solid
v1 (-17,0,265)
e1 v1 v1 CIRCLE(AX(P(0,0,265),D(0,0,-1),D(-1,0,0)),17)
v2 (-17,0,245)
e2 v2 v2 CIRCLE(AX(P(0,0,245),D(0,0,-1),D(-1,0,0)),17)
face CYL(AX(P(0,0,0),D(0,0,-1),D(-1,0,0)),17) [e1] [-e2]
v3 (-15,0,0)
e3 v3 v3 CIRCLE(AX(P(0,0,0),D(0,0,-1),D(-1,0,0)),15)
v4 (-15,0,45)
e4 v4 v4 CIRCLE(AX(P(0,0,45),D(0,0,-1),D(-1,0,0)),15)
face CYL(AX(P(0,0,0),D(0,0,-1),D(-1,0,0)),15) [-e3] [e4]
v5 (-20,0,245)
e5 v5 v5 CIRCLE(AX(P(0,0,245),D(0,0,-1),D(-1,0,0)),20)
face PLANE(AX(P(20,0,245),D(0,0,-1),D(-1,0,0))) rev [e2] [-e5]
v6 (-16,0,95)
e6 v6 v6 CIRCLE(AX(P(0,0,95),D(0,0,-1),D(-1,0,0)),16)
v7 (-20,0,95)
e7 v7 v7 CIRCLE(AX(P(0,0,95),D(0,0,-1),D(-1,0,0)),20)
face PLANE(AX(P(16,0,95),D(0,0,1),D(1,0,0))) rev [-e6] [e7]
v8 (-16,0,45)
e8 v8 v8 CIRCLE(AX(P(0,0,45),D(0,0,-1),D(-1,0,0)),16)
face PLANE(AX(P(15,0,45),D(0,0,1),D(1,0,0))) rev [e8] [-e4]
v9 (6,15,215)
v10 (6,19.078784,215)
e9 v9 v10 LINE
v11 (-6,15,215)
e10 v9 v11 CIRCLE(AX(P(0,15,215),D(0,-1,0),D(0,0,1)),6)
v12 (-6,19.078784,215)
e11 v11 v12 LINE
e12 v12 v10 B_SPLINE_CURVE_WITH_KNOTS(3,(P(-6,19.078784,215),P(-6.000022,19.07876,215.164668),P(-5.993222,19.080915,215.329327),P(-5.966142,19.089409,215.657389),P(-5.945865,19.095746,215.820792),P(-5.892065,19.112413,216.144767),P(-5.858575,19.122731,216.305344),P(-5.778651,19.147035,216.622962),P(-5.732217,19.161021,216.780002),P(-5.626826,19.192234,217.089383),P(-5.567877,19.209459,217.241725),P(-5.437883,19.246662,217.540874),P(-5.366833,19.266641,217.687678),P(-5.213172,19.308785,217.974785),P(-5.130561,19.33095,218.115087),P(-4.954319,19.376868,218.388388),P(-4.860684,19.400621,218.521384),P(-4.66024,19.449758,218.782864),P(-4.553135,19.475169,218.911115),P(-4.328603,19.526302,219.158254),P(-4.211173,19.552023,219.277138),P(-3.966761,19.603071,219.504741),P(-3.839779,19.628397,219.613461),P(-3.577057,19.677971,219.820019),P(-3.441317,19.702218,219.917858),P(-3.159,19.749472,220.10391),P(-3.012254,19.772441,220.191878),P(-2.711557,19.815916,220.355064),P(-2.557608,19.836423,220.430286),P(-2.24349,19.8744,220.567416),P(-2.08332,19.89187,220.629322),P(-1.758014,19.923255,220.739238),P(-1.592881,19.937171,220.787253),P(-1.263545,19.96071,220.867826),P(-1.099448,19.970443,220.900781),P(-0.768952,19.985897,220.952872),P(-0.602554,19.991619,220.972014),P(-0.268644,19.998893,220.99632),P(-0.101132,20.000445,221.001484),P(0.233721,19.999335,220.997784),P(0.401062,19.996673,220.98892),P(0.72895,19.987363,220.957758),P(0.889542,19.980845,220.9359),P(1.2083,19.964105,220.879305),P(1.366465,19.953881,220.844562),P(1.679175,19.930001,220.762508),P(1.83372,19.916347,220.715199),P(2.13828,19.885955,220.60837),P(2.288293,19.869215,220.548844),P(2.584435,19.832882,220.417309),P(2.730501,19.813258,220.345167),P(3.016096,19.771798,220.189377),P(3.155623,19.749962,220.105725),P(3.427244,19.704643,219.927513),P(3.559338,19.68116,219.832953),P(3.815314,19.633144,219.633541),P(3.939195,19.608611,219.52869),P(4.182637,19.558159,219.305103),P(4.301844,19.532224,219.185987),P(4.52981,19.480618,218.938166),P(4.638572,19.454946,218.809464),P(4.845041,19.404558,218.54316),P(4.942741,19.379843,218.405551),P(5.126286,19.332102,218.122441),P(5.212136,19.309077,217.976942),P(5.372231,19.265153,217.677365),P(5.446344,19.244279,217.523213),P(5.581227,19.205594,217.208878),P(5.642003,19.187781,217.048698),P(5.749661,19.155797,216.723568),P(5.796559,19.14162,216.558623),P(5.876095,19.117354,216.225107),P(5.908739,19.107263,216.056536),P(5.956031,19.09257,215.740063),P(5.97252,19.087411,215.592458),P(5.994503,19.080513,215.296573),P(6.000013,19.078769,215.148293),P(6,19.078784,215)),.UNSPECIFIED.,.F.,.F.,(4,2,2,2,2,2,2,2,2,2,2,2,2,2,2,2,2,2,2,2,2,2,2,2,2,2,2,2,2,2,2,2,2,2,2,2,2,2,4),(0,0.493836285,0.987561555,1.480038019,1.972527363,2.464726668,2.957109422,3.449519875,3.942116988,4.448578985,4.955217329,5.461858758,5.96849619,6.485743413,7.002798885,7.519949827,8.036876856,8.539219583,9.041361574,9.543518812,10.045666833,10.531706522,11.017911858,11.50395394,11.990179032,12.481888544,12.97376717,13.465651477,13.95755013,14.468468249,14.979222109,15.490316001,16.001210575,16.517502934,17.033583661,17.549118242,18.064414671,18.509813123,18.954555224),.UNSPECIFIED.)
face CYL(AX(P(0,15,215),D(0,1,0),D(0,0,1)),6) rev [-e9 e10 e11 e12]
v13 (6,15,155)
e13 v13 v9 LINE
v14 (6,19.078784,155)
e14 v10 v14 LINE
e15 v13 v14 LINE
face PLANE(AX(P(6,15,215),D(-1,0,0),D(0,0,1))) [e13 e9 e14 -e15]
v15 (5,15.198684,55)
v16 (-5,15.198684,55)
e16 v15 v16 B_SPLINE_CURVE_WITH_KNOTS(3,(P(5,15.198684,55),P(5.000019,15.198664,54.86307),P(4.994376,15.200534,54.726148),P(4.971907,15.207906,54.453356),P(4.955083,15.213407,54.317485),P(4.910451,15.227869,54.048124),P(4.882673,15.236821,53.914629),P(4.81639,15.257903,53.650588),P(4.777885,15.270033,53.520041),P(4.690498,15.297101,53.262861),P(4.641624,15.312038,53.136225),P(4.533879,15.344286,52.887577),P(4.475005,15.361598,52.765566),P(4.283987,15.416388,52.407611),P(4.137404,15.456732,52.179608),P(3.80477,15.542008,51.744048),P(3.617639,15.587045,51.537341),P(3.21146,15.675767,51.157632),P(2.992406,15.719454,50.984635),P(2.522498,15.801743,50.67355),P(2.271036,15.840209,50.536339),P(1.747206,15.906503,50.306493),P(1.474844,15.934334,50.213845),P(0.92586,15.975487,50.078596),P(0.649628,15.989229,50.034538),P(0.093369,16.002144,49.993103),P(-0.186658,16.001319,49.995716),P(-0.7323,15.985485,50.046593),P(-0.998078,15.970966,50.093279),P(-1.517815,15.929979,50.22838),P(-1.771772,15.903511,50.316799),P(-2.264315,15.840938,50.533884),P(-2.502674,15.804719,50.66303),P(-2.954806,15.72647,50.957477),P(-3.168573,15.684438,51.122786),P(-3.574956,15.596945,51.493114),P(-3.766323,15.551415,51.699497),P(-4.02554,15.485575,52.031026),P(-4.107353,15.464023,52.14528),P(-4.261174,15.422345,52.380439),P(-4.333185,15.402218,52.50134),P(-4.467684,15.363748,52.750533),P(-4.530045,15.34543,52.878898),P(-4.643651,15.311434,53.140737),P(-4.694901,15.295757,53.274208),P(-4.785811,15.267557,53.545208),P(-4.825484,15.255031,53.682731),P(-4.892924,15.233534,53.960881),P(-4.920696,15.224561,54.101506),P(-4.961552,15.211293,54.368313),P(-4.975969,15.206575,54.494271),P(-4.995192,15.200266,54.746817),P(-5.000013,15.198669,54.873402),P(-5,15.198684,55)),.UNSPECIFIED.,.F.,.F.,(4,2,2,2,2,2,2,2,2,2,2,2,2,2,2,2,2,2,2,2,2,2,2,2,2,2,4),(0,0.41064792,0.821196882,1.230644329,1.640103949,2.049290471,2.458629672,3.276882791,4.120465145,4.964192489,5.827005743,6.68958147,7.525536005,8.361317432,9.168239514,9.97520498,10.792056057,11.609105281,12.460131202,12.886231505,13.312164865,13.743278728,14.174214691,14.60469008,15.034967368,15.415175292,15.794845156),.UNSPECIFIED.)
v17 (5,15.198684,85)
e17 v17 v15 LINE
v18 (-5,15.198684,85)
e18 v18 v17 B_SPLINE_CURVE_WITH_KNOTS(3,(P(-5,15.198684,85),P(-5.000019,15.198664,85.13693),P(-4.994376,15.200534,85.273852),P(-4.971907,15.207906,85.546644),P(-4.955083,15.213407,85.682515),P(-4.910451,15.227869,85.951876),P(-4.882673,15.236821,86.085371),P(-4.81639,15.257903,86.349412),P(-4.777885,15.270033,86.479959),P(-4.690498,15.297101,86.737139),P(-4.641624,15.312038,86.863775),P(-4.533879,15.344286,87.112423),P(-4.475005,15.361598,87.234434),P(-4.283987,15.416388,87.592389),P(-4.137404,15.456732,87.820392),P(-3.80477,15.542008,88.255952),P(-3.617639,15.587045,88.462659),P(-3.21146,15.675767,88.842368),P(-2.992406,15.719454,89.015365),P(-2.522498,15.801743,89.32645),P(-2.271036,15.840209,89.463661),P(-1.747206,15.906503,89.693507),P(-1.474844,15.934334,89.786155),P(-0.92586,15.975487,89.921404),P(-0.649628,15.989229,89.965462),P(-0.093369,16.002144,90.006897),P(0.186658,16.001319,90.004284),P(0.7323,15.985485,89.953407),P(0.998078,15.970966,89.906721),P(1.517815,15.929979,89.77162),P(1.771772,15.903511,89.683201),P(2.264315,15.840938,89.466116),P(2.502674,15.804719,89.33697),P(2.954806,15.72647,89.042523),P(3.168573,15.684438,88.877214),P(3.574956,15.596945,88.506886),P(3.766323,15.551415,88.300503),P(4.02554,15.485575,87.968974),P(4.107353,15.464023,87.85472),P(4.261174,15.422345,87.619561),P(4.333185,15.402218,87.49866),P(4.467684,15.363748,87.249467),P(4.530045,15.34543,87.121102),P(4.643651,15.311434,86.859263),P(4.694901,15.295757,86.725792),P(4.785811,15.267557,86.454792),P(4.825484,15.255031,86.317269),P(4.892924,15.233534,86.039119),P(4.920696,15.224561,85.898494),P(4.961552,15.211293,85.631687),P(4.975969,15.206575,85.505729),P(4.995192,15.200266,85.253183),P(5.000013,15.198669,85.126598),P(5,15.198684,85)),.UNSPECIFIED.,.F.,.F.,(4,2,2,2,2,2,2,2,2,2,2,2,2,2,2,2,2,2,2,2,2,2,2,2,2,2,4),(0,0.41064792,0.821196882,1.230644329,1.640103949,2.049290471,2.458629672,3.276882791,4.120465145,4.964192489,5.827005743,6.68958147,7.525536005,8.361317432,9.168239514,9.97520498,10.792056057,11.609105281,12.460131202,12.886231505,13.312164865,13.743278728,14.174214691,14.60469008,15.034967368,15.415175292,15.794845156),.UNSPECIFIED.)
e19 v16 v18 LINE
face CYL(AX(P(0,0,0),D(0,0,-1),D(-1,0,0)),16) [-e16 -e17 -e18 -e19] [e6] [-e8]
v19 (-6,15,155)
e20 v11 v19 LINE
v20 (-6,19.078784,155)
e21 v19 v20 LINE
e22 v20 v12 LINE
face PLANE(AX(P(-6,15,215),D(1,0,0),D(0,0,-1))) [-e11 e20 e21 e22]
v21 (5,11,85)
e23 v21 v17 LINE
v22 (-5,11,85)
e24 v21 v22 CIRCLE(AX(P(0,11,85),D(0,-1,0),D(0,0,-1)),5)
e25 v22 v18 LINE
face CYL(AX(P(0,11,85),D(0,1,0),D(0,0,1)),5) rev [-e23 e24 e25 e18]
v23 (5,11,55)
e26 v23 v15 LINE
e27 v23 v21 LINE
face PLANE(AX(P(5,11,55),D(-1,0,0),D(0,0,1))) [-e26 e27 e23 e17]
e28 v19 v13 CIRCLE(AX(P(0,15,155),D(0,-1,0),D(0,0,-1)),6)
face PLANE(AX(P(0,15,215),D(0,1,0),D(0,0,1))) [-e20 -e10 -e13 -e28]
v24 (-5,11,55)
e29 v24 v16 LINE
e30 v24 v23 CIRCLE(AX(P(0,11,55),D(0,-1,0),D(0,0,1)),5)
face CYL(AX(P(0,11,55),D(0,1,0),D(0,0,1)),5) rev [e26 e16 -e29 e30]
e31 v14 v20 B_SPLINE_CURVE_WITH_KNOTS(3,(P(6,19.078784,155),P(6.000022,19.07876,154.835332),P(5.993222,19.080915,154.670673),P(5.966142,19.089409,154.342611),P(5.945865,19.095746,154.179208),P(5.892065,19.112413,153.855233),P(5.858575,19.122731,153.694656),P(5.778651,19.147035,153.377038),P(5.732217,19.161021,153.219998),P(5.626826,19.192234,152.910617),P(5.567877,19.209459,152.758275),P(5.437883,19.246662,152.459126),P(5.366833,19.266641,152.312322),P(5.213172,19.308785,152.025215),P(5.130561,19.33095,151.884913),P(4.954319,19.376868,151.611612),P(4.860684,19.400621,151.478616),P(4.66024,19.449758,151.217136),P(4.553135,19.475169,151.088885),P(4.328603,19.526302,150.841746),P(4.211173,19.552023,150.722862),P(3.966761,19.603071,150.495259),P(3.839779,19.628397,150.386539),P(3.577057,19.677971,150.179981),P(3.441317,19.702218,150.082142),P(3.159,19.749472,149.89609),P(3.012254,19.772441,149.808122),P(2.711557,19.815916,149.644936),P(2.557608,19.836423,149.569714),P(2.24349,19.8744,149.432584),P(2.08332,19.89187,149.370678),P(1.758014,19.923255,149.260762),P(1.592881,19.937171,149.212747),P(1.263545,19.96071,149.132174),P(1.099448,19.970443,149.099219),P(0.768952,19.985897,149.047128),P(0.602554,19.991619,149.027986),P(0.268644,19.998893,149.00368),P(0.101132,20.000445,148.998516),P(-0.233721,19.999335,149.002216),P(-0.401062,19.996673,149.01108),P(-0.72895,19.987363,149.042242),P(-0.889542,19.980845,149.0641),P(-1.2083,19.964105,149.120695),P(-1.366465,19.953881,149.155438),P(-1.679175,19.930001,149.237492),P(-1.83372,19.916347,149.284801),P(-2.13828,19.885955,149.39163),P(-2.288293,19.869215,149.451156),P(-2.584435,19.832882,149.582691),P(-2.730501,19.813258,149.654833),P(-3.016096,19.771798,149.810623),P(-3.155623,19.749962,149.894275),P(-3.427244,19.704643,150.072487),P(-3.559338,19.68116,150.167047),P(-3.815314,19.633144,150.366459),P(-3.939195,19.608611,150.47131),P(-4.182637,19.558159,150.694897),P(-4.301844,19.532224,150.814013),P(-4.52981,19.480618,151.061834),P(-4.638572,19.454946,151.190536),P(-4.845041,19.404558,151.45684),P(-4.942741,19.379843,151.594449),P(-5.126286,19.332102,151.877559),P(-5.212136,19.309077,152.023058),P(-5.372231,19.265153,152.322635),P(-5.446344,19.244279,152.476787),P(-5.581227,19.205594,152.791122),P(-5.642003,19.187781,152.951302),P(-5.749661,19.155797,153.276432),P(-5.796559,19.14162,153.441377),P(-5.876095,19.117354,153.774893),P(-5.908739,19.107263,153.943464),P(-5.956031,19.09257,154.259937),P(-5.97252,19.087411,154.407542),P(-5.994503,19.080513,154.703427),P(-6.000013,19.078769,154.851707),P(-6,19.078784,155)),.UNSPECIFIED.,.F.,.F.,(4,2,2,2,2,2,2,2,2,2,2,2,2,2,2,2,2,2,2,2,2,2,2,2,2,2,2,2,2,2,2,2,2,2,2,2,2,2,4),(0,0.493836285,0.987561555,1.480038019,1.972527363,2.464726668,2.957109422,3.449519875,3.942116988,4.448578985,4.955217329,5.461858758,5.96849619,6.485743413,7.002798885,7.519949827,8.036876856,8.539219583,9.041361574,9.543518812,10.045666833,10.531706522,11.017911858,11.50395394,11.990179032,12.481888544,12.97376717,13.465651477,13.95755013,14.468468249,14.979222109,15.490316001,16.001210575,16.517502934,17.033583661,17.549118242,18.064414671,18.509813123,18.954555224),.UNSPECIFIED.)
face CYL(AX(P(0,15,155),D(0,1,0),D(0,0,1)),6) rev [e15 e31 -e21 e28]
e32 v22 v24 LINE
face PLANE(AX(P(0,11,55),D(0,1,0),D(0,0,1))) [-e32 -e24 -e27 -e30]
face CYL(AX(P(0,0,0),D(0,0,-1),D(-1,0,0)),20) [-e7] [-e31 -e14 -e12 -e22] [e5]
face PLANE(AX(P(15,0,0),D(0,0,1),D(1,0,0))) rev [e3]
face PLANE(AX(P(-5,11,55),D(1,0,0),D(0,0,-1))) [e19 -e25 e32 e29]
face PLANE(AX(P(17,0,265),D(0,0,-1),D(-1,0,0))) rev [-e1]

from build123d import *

# Parameters (mm, degrees)
CUT_EXTRUDE1_DEPTH  = 5
CUT_EXTRUDE11_DEPTH = 5


with BuildPart() as part:
    # Sketch1 → Revolve1 (revolve)
    with BuildSketch(Plane(origin=(0, 0, 0), x_dir=(1, 0, 0), z_dir=(0, 1, 0)), mode=Mode.PRIVATE) as revolve1_sk:
        Polygon((0, 0), (0, -265), (17, -265), (17, -245), (20, -245), (20, -95), (16, -95), (16, -45), (15, -45), (15, 0), align=None)
    revolve(revolve1_sk.sketch.rotate(Axis((0, 0, 0), (0, 0, 1)), 180), axis=Axis((0, 0, 0), (0, 0, 1)))

    # Sketch3 → Cut-Extrude1 (cut)
    with BuildSketch(Plane(origin=(2.233419524, 16, 45), x_dir=(0, 0, -1), z_dir=(0, -1, 0))):
        with BuildLine():
            Line((-10, 2.766580476), (-40, 2.766580476))
            ThreePointArc((-40, 2.766580476), (-45, -2.233419524), (-40, -7.233419524))
            Line((-40, -7.233419524), (-10, -7.233419524))
            ThreePointArc((-10, -7.233419524), (-5, -2.233419524), (-10, 2.766580476))
        make_face()
    extrude(amount=CUT_EXTRUDE1_DEPTH, mode=Mode.SUBTRACT)

    # Sketch31 → Cut-Extrude11 (cut)
    with BuildSketch(Plane(origin=(1.137793825, 20, 245), x_dir=(0, 0, 1), z_dir=(0, -1, 0))):
        with BuildLine():
            Line((-30, 7.137793825), (-90, 7.137793825))
            ThreePointArc((-90, 7.137793825), (-96, 1.137793825), (-90, -4.862206175))
            Line((-90, -4.862206175), (-30, -4.862206175))
            ThreePointArc((-30, -4.862206175), (-24, 1.137793825), (-30, 7.137793825))
        make_face()
    extrude(amount=CUT_EXTRUDE11_DEPTH, mode=Mode.SUBTRACT)


solid = part.part
